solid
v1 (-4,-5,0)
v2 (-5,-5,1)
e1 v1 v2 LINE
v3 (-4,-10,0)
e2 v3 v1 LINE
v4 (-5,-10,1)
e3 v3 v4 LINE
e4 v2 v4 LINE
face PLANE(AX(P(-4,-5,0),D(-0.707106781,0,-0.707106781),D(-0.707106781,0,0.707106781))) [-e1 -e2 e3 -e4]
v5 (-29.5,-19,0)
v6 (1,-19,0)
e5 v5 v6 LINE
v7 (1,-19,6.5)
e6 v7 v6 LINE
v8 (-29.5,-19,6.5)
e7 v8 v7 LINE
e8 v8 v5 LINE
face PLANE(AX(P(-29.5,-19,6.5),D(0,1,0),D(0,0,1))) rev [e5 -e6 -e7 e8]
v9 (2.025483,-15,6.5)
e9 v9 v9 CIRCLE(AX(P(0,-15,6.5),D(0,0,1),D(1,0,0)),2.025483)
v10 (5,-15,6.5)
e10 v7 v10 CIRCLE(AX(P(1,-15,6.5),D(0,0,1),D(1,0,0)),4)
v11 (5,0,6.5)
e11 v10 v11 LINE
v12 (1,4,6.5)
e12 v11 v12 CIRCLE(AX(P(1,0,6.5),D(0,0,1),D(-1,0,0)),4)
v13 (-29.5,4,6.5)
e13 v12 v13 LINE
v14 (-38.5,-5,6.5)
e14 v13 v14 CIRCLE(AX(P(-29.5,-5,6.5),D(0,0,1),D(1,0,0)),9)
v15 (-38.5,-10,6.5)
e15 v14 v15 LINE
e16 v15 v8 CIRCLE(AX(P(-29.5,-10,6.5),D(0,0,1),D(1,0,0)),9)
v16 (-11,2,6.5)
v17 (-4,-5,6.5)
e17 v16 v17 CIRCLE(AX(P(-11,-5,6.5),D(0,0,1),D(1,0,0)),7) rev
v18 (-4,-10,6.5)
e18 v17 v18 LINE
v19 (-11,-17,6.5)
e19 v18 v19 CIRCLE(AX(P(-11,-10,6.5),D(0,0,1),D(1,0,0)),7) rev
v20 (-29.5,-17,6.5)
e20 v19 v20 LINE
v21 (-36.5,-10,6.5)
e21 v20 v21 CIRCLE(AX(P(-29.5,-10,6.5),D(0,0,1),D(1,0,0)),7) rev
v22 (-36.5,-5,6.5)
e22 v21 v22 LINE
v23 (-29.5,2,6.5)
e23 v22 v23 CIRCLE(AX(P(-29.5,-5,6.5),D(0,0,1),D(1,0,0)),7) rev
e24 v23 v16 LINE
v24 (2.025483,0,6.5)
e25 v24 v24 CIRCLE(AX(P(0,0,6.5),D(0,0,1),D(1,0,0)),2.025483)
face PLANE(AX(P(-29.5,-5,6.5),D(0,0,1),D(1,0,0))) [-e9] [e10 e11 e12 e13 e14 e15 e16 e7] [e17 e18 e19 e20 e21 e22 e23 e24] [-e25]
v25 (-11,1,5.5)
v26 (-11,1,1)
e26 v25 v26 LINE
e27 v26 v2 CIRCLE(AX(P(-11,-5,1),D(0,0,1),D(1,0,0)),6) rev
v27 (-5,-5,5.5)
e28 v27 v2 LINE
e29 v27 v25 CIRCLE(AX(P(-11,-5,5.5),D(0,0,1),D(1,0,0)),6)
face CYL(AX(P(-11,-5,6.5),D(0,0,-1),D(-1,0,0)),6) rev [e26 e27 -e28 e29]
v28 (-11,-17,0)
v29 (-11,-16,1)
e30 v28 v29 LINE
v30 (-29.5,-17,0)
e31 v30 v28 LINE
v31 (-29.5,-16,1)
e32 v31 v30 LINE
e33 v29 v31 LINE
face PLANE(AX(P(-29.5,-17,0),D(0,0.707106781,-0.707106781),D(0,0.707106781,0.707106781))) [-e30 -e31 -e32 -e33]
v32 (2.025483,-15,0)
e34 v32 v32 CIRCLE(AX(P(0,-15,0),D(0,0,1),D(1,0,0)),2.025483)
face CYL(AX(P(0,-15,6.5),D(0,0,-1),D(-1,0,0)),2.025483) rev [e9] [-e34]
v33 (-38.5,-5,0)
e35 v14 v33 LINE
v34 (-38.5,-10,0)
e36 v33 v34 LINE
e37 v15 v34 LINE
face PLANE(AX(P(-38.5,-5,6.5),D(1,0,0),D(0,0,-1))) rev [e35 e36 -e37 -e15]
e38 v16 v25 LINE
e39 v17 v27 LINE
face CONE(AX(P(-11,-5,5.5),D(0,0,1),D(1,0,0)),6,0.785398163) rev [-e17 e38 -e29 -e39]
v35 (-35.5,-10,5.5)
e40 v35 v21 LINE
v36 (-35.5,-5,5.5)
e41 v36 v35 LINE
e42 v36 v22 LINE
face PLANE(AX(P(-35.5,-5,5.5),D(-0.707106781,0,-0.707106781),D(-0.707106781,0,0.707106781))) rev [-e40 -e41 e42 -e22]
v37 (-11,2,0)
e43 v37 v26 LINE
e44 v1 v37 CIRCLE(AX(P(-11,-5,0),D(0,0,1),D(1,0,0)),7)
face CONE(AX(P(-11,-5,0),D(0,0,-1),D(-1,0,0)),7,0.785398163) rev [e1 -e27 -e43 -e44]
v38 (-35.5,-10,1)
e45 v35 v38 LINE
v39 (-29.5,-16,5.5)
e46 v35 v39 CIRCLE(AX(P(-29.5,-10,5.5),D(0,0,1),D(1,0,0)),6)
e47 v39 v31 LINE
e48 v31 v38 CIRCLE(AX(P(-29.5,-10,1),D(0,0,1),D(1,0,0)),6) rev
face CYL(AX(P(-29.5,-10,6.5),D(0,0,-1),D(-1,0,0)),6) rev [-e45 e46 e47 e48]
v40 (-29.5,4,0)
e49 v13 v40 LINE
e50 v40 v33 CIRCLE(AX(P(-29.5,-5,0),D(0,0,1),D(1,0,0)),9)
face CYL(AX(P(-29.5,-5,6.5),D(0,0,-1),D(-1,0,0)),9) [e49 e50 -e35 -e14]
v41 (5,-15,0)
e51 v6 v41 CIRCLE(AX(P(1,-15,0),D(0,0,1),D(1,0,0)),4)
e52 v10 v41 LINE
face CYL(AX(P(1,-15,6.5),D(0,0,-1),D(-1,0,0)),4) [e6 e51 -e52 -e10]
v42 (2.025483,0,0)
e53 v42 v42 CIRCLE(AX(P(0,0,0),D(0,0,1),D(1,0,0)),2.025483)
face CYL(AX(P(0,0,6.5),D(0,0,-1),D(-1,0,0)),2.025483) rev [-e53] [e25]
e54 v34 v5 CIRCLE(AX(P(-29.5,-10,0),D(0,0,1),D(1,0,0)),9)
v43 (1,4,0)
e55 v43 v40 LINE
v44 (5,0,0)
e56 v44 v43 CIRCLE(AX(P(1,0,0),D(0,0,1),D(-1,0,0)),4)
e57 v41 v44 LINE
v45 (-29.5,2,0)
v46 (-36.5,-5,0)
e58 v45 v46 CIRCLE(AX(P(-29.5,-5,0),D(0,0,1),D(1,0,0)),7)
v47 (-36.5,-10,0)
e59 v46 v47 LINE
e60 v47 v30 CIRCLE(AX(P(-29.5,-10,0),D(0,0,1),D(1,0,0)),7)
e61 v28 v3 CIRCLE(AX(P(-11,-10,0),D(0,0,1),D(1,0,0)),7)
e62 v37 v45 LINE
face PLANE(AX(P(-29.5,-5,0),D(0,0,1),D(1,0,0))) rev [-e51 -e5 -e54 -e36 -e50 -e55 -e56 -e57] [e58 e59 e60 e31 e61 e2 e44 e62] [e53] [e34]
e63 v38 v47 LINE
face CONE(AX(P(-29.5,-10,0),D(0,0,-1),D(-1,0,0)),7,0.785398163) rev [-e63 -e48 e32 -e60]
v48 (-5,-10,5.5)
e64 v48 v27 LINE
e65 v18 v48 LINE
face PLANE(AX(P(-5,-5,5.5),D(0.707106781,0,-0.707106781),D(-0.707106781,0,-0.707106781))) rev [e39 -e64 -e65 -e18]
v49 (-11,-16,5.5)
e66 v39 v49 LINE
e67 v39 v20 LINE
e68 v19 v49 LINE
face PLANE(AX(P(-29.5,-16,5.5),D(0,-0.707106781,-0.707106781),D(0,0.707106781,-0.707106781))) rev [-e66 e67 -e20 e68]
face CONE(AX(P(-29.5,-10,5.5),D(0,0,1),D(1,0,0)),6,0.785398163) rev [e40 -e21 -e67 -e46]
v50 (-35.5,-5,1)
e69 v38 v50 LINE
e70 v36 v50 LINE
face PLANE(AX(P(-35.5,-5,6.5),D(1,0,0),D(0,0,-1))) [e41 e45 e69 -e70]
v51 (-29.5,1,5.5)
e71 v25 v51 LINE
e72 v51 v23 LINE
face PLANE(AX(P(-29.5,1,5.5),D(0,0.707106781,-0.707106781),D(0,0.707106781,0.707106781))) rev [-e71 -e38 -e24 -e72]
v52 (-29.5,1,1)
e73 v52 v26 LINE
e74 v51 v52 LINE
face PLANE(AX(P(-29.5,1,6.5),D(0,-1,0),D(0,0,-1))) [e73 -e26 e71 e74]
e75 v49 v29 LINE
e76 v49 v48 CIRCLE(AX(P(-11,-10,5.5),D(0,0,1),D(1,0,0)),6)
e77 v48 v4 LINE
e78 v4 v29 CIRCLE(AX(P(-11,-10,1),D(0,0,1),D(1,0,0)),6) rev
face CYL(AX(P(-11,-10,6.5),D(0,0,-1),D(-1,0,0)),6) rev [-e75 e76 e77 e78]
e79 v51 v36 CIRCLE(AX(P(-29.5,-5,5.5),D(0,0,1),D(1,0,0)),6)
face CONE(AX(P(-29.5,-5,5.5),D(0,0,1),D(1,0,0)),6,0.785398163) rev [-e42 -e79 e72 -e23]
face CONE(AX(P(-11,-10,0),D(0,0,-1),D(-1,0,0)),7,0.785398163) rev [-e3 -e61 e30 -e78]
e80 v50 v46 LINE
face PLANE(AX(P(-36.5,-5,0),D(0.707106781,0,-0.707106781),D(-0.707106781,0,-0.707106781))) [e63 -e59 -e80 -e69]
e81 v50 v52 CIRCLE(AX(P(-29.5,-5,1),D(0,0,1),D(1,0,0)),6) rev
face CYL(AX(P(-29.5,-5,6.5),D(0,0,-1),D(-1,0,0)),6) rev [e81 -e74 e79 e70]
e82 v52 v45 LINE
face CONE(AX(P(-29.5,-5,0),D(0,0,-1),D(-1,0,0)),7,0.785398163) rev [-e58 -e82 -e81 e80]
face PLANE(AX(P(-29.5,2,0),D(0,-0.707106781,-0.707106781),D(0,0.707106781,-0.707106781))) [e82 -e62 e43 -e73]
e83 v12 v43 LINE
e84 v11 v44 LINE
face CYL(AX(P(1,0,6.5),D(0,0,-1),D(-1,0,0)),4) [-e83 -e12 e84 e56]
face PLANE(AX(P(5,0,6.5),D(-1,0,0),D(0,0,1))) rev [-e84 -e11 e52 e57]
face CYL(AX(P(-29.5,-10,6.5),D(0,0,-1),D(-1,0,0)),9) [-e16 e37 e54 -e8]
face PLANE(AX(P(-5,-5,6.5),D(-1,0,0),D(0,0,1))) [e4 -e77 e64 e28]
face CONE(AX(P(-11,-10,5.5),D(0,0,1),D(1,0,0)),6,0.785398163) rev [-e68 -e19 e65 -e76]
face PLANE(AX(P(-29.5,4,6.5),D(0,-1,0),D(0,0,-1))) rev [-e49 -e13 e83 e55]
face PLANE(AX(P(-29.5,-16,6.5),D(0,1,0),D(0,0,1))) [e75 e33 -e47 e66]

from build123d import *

# Parameters (mm, degrees)
SKETCH1_R           = 2.025483479
BOSS_EXTRUDE1_DEPTH = 6.5
CHAMFER1_SIZE       = 1


with BuildPart() as part:
    # Sketch1 → Boss-Extrude1 (new body)
    with BuildSketch(Plane.XY):
        with BuildLine():
            Line((-29.5, 4), (1, 4))
            ThreePointArc((1, 4), (3.828427125, 2.828427125), (5, 0))
            Line((5, 0), (5, -15))
            ThreePointArc((5, -15), (3.828427125, -17.828427125), (1, -19))
            Line((1, -19), (-29.5, -19))
            ThreePointArc((-29.5, -19), (-35.863961031, -16.363961031), (-38.5, -10))
            Line((-38.5, -10), (-38.5, -5))
            ThreePointArc((-38.5, -5), (-35.863961031, 1.363961031), (-29.5, 4))
        make_face()
        Circle(SKETCH1_R, mode=Mode.SUBTRACT)
        with Locations((0, -15)):
            Circle(SKETCH1_R, mode=Mode.SUBTRACT)
        with BuildLine():
            Line((-29.5, 1), (-11, 1))
            ThreePointArc((-11, 1), (-6.757359313, -0.757359313), (-5, -5))
            Line((-5, -5), (-5, -10))
            ThreePointArc((-5, -10), (-6.757359313, -14.242640687), (-11, -16))
            Line((-11, -16), (-29.5, -16))
            ThreePointArc((-29.5, -16), (-33.742640687, -14.242640687), (-35.5, -10))
            Line((-35.5, -10), (-35.5, -5))
            ThreePointArc((-35.5, -5), (-33.742640687, -0.757359313), (-29.5, 1))
        make_face(mode=Mode.SUBTRACT)
    extrude(amount=BOSS_EXTRUDE1_DEPTH)

    # Chamfer1
    chamfer1_edges = [part.edges().sort_by_distance(p)[0] for p in [
        (-6.757359313, -0.757359313, 0),
        (-20.25, 1, 0),
        (-33.742640687, -0.757359313, 0),
        (-35.5, -7.5, 0),
        (-33.742640687, -14.242640687, 0),
        (-20.25, -16, 0),
        (-6.757359313, -14.242640687, 0),
        (-5, -7.5, 0),
        (-6.757359313, -0.757359313, 6.5),
        (-20.25, 1, 6.5),
        (-33.742640687, -0.757359313, 6.5),
        (-35.5, -7.5, 6.5),
        (-33.742640687, -14.242640687, 6.5),
        (-20.25, -16, 6.5),
        (-6.757359313, -14.242640687, 6.5),
        (-5, -7.5, 6.5),
    ]]
    chamfer(chamfer1_edges, length=CHAMFER1_SIZE)


solid = part.part
